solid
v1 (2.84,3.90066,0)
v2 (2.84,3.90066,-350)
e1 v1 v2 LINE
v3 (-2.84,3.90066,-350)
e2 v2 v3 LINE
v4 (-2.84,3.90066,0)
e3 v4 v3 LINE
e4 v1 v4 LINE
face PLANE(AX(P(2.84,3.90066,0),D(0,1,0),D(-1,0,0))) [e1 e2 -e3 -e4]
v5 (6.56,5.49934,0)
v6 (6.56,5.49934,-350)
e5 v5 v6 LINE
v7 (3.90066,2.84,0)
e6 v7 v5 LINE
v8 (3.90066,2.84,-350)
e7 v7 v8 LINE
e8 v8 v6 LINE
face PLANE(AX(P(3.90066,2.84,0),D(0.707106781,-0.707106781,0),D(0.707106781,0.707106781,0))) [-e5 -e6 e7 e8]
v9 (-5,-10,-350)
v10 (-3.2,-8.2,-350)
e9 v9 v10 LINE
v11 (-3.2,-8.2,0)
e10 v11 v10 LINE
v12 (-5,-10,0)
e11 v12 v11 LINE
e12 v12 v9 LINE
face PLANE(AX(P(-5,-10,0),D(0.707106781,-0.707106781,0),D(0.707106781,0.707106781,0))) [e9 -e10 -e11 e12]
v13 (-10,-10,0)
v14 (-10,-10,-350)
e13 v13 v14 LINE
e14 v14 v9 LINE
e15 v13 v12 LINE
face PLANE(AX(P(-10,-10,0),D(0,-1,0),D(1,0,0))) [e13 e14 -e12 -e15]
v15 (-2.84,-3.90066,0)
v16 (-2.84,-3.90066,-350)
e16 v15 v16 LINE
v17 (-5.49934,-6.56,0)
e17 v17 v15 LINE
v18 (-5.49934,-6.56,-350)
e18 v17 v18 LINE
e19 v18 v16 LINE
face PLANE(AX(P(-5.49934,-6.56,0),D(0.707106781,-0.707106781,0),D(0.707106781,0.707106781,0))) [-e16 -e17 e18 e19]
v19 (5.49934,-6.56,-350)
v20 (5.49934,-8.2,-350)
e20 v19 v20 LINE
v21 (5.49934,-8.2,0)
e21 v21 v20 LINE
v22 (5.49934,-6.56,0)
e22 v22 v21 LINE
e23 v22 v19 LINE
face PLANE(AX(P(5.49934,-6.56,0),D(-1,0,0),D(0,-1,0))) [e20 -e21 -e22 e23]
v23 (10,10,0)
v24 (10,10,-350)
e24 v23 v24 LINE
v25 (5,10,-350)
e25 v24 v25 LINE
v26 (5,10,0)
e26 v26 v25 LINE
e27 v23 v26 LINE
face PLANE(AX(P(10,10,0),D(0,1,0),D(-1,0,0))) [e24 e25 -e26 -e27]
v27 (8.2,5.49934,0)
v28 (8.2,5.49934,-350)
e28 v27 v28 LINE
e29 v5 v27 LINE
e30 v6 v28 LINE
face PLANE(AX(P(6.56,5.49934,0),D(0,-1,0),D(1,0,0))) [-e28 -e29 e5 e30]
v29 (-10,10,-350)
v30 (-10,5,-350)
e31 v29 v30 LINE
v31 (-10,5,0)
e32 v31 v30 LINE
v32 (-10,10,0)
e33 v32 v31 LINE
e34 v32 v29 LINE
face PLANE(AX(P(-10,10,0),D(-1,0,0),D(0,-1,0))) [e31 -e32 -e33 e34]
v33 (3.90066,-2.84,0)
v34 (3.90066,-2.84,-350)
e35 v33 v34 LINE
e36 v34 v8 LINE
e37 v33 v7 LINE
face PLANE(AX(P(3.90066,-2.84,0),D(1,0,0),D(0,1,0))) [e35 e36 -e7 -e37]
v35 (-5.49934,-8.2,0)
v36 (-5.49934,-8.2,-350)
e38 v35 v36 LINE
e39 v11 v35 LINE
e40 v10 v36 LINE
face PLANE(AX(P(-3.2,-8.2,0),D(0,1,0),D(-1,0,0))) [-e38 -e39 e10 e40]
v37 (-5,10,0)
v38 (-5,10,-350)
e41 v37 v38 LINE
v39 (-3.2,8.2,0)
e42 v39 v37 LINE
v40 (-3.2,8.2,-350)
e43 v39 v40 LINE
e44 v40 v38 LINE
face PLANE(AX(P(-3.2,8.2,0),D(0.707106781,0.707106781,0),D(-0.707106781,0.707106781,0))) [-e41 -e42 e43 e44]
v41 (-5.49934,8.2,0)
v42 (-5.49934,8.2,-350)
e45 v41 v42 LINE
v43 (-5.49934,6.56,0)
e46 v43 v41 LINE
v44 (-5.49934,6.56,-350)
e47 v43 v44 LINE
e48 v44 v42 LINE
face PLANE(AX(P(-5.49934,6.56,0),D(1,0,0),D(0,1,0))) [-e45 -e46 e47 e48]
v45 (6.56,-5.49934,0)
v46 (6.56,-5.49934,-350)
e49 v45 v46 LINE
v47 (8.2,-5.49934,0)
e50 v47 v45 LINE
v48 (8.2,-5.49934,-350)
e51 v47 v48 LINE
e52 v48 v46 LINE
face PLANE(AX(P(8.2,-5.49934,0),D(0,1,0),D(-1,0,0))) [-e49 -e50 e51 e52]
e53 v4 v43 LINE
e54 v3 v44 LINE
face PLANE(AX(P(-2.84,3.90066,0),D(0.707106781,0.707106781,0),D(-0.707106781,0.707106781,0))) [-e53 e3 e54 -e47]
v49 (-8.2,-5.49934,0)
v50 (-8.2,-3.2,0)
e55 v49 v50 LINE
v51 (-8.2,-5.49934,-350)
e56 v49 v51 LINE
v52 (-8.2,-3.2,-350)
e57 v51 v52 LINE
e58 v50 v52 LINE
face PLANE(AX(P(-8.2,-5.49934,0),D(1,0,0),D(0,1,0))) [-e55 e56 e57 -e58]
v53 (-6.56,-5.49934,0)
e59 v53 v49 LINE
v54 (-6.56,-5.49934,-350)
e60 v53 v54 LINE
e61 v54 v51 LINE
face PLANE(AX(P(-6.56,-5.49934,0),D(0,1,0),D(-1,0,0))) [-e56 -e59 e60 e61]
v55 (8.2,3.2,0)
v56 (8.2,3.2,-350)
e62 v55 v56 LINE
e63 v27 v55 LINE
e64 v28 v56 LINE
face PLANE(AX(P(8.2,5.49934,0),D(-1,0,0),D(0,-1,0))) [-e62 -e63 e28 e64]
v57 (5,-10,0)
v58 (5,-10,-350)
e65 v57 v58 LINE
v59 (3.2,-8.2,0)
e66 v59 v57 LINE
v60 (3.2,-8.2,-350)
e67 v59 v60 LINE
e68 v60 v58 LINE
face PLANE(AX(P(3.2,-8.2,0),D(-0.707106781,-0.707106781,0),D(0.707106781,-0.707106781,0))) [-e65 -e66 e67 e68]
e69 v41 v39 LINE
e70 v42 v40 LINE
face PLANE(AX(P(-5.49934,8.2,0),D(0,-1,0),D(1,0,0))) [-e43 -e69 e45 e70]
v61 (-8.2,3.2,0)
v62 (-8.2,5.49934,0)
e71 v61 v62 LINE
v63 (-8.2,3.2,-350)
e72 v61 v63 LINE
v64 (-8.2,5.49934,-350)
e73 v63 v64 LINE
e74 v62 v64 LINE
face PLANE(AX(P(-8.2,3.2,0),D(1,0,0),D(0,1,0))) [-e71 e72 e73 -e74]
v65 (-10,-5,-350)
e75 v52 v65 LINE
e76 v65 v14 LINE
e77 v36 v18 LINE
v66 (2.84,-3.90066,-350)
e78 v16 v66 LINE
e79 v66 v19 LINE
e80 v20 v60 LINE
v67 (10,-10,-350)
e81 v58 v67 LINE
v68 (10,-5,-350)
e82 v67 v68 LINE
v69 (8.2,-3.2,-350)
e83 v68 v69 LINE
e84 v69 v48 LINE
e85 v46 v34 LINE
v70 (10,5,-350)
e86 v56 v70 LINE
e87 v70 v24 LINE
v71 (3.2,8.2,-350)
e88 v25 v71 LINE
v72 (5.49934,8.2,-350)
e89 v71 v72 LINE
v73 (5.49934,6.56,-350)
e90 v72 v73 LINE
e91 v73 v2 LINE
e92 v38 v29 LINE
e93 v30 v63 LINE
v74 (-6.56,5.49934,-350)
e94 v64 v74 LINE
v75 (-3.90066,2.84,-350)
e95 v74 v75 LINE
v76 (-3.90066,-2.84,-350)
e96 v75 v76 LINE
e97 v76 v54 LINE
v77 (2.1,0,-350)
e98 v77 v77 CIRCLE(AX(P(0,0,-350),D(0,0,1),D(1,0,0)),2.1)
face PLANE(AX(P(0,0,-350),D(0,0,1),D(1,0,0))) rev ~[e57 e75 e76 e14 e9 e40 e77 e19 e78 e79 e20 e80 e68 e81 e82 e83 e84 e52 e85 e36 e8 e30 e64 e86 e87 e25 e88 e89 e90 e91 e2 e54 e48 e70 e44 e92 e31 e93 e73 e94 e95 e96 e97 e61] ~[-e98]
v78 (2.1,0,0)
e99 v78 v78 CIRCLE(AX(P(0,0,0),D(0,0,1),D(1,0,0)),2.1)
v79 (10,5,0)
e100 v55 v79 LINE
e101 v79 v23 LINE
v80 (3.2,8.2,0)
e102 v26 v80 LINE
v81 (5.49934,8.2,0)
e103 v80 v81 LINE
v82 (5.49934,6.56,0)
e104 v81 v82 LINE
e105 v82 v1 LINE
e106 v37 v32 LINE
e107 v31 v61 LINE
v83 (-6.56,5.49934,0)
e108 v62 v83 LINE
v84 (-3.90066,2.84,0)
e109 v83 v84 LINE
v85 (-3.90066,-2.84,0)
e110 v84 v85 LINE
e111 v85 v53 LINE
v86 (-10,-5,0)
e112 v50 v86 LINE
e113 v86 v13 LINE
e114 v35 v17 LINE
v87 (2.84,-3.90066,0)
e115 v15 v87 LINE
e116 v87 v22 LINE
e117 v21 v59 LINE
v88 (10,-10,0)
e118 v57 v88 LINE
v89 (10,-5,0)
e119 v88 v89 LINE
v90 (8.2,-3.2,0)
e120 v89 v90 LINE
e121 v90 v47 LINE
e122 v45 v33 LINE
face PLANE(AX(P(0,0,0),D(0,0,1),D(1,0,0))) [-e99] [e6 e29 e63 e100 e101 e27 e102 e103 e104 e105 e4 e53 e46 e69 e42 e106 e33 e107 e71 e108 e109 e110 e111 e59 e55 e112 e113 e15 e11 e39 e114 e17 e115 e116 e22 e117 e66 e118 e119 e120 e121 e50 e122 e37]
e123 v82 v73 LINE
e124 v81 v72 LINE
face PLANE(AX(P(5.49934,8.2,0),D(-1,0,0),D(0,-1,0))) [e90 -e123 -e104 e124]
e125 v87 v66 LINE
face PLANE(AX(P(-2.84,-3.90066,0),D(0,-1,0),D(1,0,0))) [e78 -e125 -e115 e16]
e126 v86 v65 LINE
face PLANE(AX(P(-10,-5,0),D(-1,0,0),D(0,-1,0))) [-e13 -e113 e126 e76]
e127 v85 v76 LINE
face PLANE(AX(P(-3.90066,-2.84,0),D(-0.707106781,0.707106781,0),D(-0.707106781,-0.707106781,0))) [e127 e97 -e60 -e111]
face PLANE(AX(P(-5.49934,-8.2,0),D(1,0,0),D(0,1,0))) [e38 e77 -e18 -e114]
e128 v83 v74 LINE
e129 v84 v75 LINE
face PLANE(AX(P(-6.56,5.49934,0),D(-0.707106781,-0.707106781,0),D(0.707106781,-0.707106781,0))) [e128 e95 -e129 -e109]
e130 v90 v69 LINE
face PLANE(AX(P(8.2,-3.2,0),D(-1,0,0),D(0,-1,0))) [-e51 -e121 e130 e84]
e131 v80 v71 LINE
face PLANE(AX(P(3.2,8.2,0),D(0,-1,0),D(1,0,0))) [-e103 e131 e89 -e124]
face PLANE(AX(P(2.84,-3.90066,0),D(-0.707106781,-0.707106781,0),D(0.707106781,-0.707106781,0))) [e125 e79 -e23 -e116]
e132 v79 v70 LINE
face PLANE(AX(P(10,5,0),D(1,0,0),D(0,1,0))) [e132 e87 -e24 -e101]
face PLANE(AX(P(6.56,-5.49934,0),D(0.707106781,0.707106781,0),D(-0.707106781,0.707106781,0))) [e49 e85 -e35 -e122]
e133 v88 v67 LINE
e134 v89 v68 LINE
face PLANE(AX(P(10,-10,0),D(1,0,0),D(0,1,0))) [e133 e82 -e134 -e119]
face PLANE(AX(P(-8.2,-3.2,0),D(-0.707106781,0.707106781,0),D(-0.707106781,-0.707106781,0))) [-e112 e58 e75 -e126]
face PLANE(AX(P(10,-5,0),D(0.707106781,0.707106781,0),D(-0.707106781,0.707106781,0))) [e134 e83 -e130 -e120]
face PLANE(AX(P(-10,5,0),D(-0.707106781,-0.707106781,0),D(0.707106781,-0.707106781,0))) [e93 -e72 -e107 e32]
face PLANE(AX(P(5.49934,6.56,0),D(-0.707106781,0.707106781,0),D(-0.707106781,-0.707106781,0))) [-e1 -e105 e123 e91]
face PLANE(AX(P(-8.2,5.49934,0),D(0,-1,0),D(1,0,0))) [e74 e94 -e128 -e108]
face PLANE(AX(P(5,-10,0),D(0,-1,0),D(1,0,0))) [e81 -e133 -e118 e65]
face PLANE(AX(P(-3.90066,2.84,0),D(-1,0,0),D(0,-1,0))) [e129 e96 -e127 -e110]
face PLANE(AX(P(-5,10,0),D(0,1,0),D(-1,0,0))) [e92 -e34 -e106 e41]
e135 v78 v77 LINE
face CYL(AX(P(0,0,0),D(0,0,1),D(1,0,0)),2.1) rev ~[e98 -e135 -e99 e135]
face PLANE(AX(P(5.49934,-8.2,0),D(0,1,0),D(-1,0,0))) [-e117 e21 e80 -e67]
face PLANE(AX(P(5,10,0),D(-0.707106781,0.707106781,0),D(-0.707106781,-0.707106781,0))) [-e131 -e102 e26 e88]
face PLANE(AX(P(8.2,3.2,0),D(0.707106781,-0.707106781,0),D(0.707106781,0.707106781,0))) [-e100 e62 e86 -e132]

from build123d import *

# Parameters (mm, degrees)
SKETCH1_R           = 2.1
BOSS_EXTRUDE1_DEPTH = 350


with BuildPart() as part:
    # Sketch1 → Boss-Extrude1 (new body)
    with BuildSketch(Plane.XY):
        Polygon((-10, 10), (-10, 5), (-8.2, 3.2), (-8.2, 5.499339828), (-6.56, 5.499339828), (-3.900660172, 2.84), (-3.900660172, -2.84), (-6.56, -5.499339828), (-8.2, -5.499339828), (-8.2, -3.2), (-10, -5), (-10, -10), (-5, -10), (-3.2, -8.2), (-5.499339828, -8.2), (-5.499339828, -6.56), (-2.84, -3.900660172), (2.84, -3.900660172), (5.499339828, -6.56), (5.499339828, -8.2), (3.2, -8.2), (5, -10), (10, -10), (10, -5), (8.2, -3.2), (8.2, -5.499339828), (6.56, -5.499339828), (3.900660172, -2.84), (3.900660172, 2.84), (6.56, 5.499339828), (8.2, 5.499339828), (8.2, 3.2), (10, 5), (10, 10), (5, 10), (3.2, 8.2), (5.499339828, 8.2), (5.499339828, 6.56), (2.84, 3.900660172), (-2.84, 3.900660172), (-5.499339828, 6.56), (-5.499339828, 8.2), (-3.2, 8.2), (-5, 10), align=None)
        Circle(SKETCH1_R, mode=Mode.SUBTRACT)
    extrude(amount=-BOSS_EXTRUDE1_DEPTH)


solid = part.part
